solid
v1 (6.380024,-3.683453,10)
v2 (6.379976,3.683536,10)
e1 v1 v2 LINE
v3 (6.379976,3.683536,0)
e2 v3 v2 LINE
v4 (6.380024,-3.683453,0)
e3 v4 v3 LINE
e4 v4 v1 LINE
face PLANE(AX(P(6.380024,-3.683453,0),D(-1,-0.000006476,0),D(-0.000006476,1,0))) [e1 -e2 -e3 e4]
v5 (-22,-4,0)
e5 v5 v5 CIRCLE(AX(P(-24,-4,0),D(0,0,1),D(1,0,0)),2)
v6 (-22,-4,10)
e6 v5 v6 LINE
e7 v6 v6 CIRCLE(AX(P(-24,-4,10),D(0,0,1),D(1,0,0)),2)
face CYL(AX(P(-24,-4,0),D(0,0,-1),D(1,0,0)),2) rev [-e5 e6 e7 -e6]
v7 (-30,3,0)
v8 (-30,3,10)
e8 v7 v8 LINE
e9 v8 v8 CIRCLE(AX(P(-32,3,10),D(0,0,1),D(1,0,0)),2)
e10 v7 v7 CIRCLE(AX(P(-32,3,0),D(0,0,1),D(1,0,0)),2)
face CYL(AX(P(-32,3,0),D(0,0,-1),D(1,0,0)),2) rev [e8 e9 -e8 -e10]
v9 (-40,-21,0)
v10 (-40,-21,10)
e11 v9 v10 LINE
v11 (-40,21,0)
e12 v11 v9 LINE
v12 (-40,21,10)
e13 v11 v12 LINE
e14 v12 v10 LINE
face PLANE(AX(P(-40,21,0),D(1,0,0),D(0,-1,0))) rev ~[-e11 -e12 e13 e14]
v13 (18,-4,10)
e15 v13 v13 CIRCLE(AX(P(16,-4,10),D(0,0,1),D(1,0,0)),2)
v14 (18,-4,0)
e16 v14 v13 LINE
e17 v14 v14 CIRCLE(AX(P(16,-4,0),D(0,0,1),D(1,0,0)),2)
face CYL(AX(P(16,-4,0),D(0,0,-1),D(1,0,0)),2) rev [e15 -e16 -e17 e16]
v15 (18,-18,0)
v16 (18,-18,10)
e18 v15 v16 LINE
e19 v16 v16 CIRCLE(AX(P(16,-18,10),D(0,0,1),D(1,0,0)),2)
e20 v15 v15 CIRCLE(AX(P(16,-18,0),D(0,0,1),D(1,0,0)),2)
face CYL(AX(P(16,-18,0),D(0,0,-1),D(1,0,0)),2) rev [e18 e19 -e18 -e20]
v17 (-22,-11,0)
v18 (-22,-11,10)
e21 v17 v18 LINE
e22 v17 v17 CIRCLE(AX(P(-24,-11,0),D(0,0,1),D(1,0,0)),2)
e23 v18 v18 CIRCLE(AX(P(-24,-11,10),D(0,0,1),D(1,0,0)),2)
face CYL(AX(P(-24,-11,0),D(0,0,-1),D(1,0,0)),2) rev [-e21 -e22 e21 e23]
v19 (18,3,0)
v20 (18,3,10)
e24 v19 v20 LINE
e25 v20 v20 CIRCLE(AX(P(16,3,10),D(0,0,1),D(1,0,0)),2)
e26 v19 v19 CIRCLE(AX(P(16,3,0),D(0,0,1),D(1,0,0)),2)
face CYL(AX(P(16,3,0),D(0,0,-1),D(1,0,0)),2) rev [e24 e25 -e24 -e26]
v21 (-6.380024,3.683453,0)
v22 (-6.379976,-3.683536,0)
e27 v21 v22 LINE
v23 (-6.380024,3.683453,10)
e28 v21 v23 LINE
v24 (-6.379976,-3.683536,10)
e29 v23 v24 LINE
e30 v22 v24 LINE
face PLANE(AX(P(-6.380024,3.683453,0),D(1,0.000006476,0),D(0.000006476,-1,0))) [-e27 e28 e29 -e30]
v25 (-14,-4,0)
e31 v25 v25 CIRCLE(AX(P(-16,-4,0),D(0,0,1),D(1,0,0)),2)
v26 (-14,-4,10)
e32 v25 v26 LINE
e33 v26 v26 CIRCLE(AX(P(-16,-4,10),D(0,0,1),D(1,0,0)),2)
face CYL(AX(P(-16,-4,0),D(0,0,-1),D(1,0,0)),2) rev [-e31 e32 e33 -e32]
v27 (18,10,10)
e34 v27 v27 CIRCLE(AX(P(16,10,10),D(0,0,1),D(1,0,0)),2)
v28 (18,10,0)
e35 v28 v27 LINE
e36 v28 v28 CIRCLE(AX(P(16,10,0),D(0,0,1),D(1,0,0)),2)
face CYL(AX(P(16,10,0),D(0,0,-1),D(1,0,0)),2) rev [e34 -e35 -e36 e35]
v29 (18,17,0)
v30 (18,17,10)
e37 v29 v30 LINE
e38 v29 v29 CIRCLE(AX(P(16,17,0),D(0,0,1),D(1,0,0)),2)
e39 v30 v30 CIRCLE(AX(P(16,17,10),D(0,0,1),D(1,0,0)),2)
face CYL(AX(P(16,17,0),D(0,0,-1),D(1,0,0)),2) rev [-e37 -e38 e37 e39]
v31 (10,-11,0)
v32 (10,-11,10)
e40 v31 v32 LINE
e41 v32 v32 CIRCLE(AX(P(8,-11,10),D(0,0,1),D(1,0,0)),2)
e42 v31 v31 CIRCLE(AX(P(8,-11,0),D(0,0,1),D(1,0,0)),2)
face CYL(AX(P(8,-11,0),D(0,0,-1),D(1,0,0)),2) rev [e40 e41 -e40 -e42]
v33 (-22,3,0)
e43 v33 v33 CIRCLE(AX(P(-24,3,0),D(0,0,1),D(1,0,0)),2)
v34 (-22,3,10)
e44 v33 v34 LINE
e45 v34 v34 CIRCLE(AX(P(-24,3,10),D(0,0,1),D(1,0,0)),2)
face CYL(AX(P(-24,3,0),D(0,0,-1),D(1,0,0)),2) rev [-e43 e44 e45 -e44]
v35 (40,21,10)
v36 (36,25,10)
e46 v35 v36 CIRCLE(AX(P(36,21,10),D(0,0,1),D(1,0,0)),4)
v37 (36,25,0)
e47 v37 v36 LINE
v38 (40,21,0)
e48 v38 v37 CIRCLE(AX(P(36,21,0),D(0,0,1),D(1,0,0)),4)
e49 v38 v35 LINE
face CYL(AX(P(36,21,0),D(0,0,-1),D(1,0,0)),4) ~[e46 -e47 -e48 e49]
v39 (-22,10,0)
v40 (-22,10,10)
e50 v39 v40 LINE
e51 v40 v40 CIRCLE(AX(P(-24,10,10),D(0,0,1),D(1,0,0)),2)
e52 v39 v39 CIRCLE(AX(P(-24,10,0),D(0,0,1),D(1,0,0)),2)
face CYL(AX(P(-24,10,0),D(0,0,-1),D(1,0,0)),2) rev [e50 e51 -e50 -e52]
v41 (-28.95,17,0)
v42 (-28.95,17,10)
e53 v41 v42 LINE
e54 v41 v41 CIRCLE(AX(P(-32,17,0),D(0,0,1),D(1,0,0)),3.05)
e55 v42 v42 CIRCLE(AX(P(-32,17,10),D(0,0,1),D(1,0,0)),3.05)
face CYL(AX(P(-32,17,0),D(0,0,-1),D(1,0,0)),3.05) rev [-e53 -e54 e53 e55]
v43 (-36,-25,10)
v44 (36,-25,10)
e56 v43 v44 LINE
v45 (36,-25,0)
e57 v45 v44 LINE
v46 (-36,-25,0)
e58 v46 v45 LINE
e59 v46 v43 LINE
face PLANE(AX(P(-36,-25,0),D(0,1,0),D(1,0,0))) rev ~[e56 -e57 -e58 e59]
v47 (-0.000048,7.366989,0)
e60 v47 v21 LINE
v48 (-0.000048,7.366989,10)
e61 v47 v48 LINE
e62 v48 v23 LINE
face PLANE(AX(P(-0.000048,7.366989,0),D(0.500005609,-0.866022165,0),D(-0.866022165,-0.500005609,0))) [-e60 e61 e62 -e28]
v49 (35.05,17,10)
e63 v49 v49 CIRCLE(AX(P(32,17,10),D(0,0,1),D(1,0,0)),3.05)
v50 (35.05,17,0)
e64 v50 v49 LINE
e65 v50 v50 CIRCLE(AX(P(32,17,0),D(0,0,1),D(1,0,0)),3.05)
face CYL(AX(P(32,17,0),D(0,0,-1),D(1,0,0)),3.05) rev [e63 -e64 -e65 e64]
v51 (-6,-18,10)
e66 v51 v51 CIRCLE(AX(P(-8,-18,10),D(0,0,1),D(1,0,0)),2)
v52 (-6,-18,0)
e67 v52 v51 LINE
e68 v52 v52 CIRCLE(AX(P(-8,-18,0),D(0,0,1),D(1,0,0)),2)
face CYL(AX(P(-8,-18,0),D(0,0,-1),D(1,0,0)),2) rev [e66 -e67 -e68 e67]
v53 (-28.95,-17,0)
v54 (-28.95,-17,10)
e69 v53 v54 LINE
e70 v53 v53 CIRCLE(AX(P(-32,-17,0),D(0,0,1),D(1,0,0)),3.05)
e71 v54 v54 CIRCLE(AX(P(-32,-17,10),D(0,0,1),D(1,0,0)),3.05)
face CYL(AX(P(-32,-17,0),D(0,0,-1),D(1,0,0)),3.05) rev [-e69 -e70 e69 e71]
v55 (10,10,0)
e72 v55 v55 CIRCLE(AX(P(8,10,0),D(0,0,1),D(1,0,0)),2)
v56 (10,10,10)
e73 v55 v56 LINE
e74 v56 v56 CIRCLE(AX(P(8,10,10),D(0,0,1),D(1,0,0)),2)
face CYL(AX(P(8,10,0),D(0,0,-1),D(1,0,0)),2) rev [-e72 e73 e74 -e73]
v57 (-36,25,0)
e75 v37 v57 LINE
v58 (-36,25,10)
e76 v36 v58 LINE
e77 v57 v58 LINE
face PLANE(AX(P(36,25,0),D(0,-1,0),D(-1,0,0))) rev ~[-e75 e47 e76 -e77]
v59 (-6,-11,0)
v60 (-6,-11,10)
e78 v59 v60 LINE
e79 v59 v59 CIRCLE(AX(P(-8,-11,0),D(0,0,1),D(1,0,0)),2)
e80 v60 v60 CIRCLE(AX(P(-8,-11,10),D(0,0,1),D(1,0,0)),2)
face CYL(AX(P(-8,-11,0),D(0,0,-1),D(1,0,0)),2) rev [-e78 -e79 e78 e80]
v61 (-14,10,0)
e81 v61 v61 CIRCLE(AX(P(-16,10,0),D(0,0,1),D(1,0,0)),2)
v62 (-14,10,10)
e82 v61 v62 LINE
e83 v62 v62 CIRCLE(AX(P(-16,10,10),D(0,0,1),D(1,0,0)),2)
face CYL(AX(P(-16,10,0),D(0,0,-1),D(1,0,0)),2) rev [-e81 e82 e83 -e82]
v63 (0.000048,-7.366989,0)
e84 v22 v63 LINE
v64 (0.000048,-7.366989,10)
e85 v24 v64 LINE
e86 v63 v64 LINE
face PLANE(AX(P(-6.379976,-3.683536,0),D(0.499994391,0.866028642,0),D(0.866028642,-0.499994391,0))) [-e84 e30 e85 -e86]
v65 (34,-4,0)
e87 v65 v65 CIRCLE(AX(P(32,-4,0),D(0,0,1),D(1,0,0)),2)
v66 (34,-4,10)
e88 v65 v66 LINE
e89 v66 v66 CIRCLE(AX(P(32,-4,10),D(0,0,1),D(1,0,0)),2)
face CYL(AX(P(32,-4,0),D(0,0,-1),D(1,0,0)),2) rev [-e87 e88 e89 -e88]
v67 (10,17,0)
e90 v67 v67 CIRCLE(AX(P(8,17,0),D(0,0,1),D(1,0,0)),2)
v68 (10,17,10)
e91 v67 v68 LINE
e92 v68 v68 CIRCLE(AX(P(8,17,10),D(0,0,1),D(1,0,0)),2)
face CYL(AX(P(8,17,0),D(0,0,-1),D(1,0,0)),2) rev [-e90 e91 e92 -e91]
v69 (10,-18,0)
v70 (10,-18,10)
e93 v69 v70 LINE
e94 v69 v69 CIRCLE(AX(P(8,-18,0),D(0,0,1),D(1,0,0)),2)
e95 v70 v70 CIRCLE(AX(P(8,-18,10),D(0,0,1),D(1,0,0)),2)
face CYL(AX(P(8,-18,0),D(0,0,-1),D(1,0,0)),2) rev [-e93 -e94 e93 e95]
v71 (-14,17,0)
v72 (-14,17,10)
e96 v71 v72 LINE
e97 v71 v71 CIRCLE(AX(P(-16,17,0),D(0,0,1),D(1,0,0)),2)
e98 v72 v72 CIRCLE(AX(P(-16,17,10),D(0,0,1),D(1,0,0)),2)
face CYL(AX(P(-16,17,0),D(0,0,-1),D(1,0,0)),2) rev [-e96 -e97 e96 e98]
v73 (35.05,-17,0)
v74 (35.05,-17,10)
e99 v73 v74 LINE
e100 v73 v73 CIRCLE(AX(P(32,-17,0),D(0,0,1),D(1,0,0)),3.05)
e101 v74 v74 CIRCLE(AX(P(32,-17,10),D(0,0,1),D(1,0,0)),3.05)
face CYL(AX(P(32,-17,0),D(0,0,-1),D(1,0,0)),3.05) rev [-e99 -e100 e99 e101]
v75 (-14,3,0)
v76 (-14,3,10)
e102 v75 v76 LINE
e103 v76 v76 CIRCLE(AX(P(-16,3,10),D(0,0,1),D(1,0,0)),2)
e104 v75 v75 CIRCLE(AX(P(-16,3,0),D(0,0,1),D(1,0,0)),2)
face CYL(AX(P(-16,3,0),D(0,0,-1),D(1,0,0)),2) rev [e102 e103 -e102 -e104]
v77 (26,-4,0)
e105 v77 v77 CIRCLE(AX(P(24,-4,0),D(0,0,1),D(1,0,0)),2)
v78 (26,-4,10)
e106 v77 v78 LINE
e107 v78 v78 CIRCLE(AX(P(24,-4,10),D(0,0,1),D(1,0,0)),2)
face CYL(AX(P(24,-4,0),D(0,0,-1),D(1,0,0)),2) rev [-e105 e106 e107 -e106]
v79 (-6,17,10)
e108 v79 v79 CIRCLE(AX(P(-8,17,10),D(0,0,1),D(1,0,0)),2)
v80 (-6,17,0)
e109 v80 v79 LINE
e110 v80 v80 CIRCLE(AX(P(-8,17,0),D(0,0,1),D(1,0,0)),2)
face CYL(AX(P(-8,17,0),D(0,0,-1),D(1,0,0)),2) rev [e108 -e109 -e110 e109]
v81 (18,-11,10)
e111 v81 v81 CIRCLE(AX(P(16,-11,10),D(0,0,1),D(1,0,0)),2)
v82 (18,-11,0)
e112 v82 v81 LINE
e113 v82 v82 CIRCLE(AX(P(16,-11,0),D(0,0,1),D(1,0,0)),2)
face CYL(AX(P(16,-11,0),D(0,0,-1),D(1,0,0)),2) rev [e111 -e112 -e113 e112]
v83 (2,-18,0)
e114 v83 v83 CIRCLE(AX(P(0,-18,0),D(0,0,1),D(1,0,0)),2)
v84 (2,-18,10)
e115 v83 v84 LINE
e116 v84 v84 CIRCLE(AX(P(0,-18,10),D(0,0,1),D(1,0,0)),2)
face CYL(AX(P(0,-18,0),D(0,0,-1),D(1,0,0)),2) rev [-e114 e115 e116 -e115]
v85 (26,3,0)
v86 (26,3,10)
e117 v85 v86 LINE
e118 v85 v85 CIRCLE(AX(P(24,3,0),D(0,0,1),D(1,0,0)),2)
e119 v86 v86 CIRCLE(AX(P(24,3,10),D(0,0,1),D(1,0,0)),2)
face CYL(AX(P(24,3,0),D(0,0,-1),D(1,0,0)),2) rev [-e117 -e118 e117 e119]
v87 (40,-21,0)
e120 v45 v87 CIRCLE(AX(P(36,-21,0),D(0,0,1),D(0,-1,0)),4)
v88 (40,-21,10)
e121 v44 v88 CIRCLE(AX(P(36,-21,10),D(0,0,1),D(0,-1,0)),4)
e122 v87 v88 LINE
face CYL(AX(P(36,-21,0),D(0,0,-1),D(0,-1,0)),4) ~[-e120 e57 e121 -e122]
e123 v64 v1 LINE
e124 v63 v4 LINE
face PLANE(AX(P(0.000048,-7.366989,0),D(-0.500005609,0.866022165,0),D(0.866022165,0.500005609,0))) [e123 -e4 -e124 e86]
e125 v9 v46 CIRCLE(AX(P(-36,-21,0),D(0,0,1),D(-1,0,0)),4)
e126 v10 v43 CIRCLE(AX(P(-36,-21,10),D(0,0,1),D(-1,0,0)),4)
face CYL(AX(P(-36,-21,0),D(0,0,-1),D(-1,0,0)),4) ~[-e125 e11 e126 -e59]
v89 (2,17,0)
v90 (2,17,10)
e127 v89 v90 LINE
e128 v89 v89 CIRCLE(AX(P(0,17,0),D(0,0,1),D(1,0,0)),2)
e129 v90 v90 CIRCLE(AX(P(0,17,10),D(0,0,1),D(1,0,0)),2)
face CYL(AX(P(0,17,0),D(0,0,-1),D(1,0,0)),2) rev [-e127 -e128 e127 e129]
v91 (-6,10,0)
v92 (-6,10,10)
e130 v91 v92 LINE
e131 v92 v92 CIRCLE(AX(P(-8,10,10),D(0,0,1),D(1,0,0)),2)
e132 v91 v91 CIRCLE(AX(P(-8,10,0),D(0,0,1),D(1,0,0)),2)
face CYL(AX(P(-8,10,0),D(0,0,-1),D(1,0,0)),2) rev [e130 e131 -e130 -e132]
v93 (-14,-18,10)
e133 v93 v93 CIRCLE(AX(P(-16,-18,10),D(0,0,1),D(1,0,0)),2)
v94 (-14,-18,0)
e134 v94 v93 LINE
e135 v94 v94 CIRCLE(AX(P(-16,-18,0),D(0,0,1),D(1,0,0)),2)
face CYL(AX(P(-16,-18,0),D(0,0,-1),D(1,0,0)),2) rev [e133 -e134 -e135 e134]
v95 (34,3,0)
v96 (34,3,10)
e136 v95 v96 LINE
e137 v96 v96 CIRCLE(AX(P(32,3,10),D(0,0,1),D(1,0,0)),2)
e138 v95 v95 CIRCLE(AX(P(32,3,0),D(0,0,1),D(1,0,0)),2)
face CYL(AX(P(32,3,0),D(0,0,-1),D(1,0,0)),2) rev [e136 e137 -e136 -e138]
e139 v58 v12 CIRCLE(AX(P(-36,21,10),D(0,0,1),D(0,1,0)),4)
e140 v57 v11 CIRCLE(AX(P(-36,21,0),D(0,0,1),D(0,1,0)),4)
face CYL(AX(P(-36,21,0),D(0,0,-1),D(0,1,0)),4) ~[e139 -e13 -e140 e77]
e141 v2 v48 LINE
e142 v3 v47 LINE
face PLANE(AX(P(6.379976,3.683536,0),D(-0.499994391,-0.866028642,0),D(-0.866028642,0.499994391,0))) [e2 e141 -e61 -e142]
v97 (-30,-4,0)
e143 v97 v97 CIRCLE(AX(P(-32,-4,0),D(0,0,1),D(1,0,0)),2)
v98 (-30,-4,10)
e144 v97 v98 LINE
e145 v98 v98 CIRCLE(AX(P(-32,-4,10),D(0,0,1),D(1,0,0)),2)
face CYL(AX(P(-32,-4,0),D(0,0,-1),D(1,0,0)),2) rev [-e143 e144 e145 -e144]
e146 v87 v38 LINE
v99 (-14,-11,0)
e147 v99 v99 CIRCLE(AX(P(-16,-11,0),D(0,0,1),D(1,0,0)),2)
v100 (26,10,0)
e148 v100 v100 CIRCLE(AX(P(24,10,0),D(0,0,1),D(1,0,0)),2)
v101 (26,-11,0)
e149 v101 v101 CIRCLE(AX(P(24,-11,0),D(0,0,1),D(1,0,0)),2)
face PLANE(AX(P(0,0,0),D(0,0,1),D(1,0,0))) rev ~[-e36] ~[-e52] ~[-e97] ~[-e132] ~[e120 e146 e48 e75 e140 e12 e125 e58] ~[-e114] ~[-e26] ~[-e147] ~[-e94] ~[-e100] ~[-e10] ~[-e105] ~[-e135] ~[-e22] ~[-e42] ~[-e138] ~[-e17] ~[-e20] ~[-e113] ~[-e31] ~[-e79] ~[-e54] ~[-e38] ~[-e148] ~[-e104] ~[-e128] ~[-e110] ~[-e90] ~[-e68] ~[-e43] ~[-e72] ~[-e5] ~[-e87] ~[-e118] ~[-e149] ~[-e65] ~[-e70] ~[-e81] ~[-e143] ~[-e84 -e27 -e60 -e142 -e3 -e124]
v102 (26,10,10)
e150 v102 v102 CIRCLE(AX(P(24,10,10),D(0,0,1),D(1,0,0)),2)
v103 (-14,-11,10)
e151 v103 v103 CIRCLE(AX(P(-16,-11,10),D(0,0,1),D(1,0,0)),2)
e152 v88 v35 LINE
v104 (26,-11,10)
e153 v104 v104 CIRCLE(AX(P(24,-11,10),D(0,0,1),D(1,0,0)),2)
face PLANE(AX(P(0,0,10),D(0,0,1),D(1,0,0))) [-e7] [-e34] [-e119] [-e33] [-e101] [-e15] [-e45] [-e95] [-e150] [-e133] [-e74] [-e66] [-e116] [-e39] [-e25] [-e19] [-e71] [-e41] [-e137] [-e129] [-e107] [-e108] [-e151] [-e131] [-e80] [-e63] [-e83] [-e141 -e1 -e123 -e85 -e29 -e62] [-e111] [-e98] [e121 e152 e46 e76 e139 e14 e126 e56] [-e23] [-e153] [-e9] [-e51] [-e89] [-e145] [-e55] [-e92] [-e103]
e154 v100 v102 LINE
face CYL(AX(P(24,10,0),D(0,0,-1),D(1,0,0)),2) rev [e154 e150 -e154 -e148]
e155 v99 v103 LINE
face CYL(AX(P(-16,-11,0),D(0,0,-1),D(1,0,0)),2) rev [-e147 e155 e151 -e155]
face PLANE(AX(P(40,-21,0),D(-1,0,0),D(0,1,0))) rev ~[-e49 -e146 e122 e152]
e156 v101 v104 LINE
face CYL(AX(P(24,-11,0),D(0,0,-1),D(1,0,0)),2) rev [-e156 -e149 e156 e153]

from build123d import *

# Parameters (mm, degrees)
MODEL_R             = 3.05
MODEL_R_2           = 2
BOSS_EXTRUDE1_DEPTH = 10


with BuildPart() as part:
    # Model → Boss-Extrude1 (new body)
    with BuildSketch(Plane.XY):
        with BuildLine():
            Line((-36, -25), (36, -25))
            ThreePointArc((36, -25), (38.828427125, -23.828427125), (40, -21))
            Line((40, -21), (40, 21))
            ThreePointArc((40, 21), (38.828427125, 23.828427125), (36, 25))
            Line((36, 25), (-36, 25))
            ThreePointArc((-36, 25), (-38.828427125, 23.828427125), (-40, 21))
            Line((-40, 21), (-40, -21))
            ThreePointArc((-40, -21), (-38.828427125, -23.828427125), (-36, -25))
        make_face()
        with Locations((-32, 17)):
            Circle(MODEL_R, mode=Mode.SUBTRACT)
        with Locations((32, -17)):
            Circle(MODEL_R, mode=Mode.SUBTRACT)
        with Locations((32, 17)):
            Circle(MODEL_R, mode=Mode.SUBTRACT)
        with Locations((-32, -17)):
            Circle(MODEL_R, mode=Mode.SUBTRACT)
        with Locations((-16, 17)):
            Circle(MODEL_R_2, mode=Mode.SUBTRACT)
        with Locations((16, 10)):
            Circle(MODEL_R_2, mode=Mode.SUBTRACT)
        with Locations((24, 10)):
            Circle(MODEL_R_2, mode=Mode.SUBTRACT)
        with Locations((-16, 3)):
            Circle(MODEL_R_2, mode=Mode.SUBTRACT)
        with Locations((-32, -4)):
            Circle(MODEL_R_2, mode=Mode.SUBTRACT)
        with Locations((32, 3)):
            Circle(MODEL_R_2, mode=Mode.SUBTRACT)
        with Locations((-16, -4)):
            Circle(MODEL_R_2, mode=Mode.SUBTRACT)
        with Locations((24, 3)):
            Circle(MODEL_R_2, mode=Mode.SUBTRACT)
        with Locations((16, 3)):
            Circle(MODEL_R_2, mode=Mode.SUBTRACT)
        with Locations((-16, 10)):
            Circle(MODEL_R_2, mode=Mode.SUBTRACT)
        with Locations((-8, 10)):
            Circle(MODEL_R_2, mode=Mode.SUBTRACT)
        with Locations((-32, 3)):
            Circle(MODEL_R_2, mode=Mode.SUBTRACT)
        with Locations((8, 10)):
            Circle(MODEL_R_2, mode=Mode.SUBTRACT)
        with Locations((16, 17)):
            Circle(MODEL_R_2, mode=Mode.SUBTRACT)
        with Locations((8, 17)):
            Circle(MODEL_R_2, mode=Mode.SUBTRACT)
        with Locations((0, 17)):
            Circle(MODEL_R_2, mode=Mode.SUBTRACT)
        with Locations((-8, 17)):
            Circle(MODEL_R_2, mode=Mode.SUBTRACT)
        with Locations((-16, -18)):
            Circle(MODEL_R_2, mode=Mode.SUBTRACT)
        with Locations((-8, -18)):
            Circle(MODEL_R_2, mode=Mode.SUBTRACT)
        with Locations((0, -18)):
            Circle(MODEL_R_2, mode=Mode.SUBTRACT)
        with Locations((8, -18)):
            Circle(MODEL_R_2, mode=Mode.SUBTRACT)
        with Locations((-24, -11)):
            Circle(MODEL_R_2, mode=Mode.SUBTRACT)
        with Locations((-24, -4)):
            Circle(MODEL_R_2, mode=Mode.SUBTRACT)
        with Locations((-24, 3)):
            Circle(MODEL_R_2, mode=Mode.SUBTRACT)
        with Locations((-24, 10)):
            Circle(MODEL_R_2, mode=Mode.SUBTRACT)
        with Locations((16, -18)):
            Circle(MODEL_R_2, mode=Mode.SUBTRACT)
        with Locations((-16, -11)):
            Circle(MODEL_R_2, mode=Mode.SUBTRACT)
        with Locations((24, -4)):
            Circle(MODEL_R_2, mode=Mode.SUBTRACT)
        with Locations((16, -4)):
            Circle(MODEL_R_2, mode=Mode.SUBTRACT)
        with Locations((32, -4)):
            Circle(MODEL_R_2, mode=Mode.SUBTRACT)
        with Locations((-8, -11)):
            Circle(MODEL_R_2, mode=Mode.SUBTRACT)
        with Locations((8, -11)):
            Circle(MODEL_R_2, mode=Mode.SUBTRACT)
        with Locations((16, -11)):
            Circle(MODEL_R_2, mode=Mode.SUBTRACT)
        with Locations((24, -11)):
            Circle(MODEL_R_2, mode=Mode.SUBTRACT)
        Polygon((6.380023856, -3.683453397), (6.379976144, 3.683536037), (-4.7712e-05, 7.366989435), (-6.380023856, 3.683453397), (-6.379976144, -3.683536037), (4.7712e-05, -7.366989435), align=None, mode=Mode.SUBTRACT)
    extrude(amount=BOSS_EXTRUDE1_DEPTH)


solid = part.part
